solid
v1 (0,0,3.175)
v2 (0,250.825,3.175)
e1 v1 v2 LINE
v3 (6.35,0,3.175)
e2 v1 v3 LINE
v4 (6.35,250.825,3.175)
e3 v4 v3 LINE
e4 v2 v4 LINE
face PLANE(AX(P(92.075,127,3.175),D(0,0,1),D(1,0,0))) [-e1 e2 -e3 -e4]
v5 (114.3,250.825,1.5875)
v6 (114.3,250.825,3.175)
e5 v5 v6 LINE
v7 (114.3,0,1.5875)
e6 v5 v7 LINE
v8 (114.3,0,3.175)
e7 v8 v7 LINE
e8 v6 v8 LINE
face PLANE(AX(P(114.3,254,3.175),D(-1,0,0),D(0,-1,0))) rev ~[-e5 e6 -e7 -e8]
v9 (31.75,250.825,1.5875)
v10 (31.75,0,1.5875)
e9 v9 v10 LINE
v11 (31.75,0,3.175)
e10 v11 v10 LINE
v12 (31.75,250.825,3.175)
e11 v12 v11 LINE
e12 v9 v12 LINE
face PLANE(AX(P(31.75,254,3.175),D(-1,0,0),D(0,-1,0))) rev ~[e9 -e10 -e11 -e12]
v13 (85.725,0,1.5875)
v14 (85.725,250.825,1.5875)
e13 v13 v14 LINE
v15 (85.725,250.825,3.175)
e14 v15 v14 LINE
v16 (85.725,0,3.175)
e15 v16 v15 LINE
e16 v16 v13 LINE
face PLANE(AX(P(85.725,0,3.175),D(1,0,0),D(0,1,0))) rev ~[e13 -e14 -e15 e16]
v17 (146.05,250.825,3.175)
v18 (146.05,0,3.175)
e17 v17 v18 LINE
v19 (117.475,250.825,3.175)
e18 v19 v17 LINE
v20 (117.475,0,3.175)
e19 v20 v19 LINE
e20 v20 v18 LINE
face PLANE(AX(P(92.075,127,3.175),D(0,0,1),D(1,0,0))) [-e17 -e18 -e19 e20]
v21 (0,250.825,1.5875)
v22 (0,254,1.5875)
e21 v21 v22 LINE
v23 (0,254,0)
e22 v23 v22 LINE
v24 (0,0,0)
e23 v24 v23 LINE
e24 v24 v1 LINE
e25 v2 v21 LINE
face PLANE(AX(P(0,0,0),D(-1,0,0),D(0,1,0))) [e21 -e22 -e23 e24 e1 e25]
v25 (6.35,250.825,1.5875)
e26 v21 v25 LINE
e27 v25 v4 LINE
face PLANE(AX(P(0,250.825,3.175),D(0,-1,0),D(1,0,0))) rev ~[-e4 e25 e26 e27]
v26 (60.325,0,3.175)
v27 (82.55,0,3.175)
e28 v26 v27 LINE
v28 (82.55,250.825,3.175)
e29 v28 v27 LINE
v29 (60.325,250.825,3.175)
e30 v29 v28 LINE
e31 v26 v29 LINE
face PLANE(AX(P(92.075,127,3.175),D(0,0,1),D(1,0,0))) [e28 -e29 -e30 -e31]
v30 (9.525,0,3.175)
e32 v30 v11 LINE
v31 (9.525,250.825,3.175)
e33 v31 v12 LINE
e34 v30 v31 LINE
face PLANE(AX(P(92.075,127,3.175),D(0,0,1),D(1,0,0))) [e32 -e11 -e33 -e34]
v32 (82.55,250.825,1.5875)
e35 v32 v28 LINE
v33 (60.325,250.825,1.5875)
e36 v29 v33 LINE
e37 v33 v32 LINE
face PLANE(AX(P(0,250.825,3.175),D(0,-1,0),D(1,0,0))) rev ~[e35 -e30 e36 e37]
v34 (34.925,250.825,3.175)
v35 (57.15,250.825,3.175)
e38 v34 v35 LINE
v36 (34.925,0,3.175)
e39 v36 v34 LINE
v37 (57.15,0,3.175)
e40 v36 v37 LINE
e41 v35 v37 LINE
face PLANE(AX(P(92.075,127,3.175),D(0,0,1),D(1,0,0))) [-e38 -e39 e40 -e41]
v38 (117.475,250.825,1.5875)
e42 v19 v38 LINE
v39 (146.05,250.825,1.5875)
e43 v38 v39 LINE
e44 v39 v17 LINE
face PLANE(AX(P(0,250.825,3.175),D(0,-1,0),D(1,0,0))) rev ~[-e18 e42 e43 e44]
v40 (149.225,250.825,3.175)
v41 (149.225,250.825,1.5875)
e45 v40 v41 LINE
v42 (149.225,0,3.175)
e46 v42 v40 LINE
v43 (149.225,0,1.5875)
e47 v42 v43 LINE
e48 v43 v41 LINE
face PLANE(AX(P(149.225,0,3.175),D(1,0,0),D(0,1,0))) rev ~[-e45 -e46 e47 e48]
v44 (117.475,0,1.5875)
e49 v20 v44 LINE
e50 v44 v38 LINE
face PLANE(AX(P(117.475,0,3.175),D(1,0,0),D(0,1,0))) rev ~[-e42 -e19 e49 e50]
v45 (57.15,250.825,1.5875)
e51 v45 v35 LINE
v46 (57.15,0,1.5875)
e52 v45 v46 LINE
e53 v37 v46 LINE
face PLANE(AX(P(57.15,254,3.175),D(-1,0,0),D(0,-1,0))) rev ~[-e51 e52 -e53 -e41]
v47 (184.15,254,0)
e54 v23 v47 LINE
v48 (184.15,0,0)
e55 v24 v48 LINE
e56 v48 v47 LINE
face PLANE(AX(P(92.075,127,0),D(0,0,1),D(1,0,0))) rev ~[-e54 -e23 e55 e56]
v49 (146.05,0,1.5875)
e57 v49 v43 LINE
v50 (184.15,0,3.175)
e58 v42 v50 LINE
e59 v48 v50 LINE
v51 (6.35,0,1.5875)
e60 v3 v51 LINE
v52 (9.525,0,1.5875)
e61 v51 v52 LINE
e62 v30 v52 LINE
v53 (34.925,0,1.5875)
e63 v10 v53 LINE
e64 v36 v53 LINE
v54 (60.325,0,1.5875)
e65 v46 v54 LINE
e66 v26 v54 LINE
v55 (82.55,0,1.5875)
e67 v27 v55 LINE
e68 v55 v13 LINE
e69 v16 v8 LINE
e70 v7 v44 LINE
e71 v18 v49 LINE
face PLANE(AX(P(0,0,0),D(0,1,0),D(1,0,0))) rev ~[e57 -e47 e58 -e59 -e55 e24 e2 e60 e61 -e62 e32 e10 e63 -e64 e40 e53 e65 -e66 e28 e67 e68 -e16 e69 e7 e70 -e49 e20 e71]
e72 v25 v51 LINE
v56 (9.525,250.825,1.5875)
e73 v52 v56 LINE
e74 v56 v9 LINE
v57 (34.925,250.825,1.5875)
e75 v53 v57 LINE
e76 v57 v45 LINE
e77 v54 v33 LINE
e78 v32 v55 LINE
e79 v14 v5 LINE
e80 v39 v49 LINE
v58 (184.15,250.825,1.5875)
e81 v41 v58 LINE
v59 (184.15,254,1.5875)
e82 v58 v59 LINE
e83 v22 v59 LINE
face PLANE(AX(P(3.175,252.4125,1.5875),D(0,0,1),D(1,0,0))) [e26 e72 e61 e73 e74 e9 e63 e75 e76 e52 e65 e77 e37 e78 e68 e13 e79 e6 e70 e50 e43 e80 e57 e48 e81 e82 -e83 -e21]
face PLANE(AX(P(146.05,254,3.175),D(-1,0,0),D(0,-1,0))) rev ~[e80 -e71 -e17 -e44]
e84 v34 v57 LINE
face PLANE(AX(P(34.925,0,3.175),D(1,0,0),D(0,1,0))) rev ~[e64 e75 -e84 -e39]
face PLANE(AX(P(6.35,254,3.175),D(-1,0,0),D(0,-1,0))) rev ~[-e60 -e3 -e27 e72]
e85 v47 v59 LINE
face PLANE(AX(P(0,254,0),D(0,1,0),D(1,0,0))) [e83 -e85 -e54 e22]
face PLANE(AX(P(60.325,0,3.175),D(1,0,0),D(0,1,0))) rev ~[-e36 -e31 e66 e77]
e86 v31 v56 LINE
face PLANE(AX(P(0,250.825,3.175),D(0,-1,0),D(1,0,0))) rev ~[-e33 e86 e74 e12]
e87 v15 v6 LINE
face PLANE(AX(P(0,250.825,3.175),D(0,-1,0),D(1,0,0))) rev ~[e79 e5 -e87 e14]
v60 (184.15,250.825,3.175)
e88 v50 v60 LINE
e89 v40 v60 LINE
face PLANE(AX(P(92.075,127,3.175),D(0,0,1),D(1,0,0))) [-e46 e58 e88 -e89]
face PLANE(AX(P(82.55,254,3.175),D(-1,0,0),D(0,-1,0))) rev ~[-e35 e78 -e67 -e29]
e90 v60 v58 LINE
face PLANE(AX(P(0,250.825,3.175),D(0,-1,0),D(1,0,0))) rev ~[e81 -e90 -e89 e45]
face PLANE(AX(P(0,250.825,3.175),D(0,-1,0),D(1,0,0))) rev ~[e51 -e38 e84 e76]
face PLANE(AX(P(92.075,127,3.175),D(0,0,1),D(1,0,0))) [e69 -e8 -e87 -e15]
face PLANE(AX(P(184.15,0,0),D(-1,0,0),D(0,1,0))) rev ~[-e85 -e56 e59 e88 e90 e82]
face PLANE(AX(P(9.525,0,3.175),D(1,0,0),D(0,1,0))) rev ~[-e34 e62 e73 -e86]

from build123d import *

# Parameters (mm, degrees)
F0_W     = 184.15
F0_H     = 254
F1_DEPTH = 3.175
F2_W     = 3.175
F2_H     = 250.825
F2_H_2   = 3.175
F3_DEPTH = 1.5875
F2_W_2   = 6.35
F2_W_3   = 22.225
F2_W_4   = 28.575
F2_W_5   = 34.925
F4_DEPTH = 1.5875


with BuildPart() as f1:
    # F0 (on Top) → F1 (new body)
    with BuildSketch(Plane.XY):
        with Locations((92.075, 127)):
            Rectangle(F0_W, F0_H)
    extrude(amount=F1_DEPTH)

    # F2 (on face) → F3 (cut)
    with BuildSketch(Plane.XY.offset(3.175)):
        with Locations((7.9375, 125.4125)):
            Rectangle(F2_W, F2_H)
        with Locations((33.3375, 125.4125)):
            Rectangle(F2_W, F2_H)
        with Locations((58.7375, 125.4125)):
            Rectangle(F2_W, F2_H)
        with Locations((84.1375, 125.4125)):
            Rectangle(F2_W, F2_H)
        with Locations((115.8875, 252.4125)):
            Rectangle(F2_W, F2_H_2)
        with Locations((147.6375, 252.4125)):
            Rectangle(F2_W, F2_H_2)
        with Locations((115.8875, 125.4125)):
            Rectangle(F2_W, F2_H)
        with Locations((147.6375, 125.4125)):
            Rectangle(F2_W, F2_H)
        with Locations((84.1375, 252.4125)):
            Rectangle(F2_W, F2_H_2)
        with Locations((58.7375, 252.4125)):
            Rectangle(F2_W, F2_H_2)
        with Locations((33.3375, 252.4125)):
            Rectangle(F2_W, F2_H_2)
        with Locations((7.9375, 252.4125)):
            Rectangle(F2_W, F2_H_2)
    extrude(amount=-F3_DEPTH, mode=Mode.SUBTRACT)

    # F2 (on face) → F4 (cut)
    with BuildSketch(Plane.XY.offset(3.175)):
        with Locations((3.175, 252.4125)):
            Rectangle(F2_W_2, F2_H_2)
        with Locations((20.6375, 252.4125)):
            Rectangle(F2_W_3, F2_H_2)
        with Locations((33.3375, 252.4125)):
            Rectangle(F2_W, F2_H_2)
        with Locations((46.0375, 252.4125)):
            Rectangle(F2_W_3, F2_H_2)
        with Locations((7.9375, 252.4125)):
            Rectangle(F2_W, F2_H_2)
        with Locations((58.7375, 252.4125)):
            Rectangle(F2_W, F2_H_2)
        with Locations((71.4375, 252.4125)):
            Rectangle(F2_W_3, F2_H_2)
        with Locations((100.0125, 252.4125)):
            Rectangle(F2_W_4, F2_H_2)
        with Locations((84.1375, 252.4125)):
            Rectangle(F2_W, F2_H_2)
        with Locations((115.8875, 252.4125)):
            Rectangle(F2_W, F2_H_2)
        with Locations((131.7625, 252.4125)):
            Rectangle(F2_W_4, F2_H_2)
        with Locations((147.6375, 252.4125)):
            Rectangle(F2_W, F2_H_2)
        with Locations((166.6875, 252.4125)):
            Rectangle(F2_W_5, F2_H_2)
    extrude(amount=-F4_DEPTH, mode=Mode.SUBTRACT)


solid = f1.part
